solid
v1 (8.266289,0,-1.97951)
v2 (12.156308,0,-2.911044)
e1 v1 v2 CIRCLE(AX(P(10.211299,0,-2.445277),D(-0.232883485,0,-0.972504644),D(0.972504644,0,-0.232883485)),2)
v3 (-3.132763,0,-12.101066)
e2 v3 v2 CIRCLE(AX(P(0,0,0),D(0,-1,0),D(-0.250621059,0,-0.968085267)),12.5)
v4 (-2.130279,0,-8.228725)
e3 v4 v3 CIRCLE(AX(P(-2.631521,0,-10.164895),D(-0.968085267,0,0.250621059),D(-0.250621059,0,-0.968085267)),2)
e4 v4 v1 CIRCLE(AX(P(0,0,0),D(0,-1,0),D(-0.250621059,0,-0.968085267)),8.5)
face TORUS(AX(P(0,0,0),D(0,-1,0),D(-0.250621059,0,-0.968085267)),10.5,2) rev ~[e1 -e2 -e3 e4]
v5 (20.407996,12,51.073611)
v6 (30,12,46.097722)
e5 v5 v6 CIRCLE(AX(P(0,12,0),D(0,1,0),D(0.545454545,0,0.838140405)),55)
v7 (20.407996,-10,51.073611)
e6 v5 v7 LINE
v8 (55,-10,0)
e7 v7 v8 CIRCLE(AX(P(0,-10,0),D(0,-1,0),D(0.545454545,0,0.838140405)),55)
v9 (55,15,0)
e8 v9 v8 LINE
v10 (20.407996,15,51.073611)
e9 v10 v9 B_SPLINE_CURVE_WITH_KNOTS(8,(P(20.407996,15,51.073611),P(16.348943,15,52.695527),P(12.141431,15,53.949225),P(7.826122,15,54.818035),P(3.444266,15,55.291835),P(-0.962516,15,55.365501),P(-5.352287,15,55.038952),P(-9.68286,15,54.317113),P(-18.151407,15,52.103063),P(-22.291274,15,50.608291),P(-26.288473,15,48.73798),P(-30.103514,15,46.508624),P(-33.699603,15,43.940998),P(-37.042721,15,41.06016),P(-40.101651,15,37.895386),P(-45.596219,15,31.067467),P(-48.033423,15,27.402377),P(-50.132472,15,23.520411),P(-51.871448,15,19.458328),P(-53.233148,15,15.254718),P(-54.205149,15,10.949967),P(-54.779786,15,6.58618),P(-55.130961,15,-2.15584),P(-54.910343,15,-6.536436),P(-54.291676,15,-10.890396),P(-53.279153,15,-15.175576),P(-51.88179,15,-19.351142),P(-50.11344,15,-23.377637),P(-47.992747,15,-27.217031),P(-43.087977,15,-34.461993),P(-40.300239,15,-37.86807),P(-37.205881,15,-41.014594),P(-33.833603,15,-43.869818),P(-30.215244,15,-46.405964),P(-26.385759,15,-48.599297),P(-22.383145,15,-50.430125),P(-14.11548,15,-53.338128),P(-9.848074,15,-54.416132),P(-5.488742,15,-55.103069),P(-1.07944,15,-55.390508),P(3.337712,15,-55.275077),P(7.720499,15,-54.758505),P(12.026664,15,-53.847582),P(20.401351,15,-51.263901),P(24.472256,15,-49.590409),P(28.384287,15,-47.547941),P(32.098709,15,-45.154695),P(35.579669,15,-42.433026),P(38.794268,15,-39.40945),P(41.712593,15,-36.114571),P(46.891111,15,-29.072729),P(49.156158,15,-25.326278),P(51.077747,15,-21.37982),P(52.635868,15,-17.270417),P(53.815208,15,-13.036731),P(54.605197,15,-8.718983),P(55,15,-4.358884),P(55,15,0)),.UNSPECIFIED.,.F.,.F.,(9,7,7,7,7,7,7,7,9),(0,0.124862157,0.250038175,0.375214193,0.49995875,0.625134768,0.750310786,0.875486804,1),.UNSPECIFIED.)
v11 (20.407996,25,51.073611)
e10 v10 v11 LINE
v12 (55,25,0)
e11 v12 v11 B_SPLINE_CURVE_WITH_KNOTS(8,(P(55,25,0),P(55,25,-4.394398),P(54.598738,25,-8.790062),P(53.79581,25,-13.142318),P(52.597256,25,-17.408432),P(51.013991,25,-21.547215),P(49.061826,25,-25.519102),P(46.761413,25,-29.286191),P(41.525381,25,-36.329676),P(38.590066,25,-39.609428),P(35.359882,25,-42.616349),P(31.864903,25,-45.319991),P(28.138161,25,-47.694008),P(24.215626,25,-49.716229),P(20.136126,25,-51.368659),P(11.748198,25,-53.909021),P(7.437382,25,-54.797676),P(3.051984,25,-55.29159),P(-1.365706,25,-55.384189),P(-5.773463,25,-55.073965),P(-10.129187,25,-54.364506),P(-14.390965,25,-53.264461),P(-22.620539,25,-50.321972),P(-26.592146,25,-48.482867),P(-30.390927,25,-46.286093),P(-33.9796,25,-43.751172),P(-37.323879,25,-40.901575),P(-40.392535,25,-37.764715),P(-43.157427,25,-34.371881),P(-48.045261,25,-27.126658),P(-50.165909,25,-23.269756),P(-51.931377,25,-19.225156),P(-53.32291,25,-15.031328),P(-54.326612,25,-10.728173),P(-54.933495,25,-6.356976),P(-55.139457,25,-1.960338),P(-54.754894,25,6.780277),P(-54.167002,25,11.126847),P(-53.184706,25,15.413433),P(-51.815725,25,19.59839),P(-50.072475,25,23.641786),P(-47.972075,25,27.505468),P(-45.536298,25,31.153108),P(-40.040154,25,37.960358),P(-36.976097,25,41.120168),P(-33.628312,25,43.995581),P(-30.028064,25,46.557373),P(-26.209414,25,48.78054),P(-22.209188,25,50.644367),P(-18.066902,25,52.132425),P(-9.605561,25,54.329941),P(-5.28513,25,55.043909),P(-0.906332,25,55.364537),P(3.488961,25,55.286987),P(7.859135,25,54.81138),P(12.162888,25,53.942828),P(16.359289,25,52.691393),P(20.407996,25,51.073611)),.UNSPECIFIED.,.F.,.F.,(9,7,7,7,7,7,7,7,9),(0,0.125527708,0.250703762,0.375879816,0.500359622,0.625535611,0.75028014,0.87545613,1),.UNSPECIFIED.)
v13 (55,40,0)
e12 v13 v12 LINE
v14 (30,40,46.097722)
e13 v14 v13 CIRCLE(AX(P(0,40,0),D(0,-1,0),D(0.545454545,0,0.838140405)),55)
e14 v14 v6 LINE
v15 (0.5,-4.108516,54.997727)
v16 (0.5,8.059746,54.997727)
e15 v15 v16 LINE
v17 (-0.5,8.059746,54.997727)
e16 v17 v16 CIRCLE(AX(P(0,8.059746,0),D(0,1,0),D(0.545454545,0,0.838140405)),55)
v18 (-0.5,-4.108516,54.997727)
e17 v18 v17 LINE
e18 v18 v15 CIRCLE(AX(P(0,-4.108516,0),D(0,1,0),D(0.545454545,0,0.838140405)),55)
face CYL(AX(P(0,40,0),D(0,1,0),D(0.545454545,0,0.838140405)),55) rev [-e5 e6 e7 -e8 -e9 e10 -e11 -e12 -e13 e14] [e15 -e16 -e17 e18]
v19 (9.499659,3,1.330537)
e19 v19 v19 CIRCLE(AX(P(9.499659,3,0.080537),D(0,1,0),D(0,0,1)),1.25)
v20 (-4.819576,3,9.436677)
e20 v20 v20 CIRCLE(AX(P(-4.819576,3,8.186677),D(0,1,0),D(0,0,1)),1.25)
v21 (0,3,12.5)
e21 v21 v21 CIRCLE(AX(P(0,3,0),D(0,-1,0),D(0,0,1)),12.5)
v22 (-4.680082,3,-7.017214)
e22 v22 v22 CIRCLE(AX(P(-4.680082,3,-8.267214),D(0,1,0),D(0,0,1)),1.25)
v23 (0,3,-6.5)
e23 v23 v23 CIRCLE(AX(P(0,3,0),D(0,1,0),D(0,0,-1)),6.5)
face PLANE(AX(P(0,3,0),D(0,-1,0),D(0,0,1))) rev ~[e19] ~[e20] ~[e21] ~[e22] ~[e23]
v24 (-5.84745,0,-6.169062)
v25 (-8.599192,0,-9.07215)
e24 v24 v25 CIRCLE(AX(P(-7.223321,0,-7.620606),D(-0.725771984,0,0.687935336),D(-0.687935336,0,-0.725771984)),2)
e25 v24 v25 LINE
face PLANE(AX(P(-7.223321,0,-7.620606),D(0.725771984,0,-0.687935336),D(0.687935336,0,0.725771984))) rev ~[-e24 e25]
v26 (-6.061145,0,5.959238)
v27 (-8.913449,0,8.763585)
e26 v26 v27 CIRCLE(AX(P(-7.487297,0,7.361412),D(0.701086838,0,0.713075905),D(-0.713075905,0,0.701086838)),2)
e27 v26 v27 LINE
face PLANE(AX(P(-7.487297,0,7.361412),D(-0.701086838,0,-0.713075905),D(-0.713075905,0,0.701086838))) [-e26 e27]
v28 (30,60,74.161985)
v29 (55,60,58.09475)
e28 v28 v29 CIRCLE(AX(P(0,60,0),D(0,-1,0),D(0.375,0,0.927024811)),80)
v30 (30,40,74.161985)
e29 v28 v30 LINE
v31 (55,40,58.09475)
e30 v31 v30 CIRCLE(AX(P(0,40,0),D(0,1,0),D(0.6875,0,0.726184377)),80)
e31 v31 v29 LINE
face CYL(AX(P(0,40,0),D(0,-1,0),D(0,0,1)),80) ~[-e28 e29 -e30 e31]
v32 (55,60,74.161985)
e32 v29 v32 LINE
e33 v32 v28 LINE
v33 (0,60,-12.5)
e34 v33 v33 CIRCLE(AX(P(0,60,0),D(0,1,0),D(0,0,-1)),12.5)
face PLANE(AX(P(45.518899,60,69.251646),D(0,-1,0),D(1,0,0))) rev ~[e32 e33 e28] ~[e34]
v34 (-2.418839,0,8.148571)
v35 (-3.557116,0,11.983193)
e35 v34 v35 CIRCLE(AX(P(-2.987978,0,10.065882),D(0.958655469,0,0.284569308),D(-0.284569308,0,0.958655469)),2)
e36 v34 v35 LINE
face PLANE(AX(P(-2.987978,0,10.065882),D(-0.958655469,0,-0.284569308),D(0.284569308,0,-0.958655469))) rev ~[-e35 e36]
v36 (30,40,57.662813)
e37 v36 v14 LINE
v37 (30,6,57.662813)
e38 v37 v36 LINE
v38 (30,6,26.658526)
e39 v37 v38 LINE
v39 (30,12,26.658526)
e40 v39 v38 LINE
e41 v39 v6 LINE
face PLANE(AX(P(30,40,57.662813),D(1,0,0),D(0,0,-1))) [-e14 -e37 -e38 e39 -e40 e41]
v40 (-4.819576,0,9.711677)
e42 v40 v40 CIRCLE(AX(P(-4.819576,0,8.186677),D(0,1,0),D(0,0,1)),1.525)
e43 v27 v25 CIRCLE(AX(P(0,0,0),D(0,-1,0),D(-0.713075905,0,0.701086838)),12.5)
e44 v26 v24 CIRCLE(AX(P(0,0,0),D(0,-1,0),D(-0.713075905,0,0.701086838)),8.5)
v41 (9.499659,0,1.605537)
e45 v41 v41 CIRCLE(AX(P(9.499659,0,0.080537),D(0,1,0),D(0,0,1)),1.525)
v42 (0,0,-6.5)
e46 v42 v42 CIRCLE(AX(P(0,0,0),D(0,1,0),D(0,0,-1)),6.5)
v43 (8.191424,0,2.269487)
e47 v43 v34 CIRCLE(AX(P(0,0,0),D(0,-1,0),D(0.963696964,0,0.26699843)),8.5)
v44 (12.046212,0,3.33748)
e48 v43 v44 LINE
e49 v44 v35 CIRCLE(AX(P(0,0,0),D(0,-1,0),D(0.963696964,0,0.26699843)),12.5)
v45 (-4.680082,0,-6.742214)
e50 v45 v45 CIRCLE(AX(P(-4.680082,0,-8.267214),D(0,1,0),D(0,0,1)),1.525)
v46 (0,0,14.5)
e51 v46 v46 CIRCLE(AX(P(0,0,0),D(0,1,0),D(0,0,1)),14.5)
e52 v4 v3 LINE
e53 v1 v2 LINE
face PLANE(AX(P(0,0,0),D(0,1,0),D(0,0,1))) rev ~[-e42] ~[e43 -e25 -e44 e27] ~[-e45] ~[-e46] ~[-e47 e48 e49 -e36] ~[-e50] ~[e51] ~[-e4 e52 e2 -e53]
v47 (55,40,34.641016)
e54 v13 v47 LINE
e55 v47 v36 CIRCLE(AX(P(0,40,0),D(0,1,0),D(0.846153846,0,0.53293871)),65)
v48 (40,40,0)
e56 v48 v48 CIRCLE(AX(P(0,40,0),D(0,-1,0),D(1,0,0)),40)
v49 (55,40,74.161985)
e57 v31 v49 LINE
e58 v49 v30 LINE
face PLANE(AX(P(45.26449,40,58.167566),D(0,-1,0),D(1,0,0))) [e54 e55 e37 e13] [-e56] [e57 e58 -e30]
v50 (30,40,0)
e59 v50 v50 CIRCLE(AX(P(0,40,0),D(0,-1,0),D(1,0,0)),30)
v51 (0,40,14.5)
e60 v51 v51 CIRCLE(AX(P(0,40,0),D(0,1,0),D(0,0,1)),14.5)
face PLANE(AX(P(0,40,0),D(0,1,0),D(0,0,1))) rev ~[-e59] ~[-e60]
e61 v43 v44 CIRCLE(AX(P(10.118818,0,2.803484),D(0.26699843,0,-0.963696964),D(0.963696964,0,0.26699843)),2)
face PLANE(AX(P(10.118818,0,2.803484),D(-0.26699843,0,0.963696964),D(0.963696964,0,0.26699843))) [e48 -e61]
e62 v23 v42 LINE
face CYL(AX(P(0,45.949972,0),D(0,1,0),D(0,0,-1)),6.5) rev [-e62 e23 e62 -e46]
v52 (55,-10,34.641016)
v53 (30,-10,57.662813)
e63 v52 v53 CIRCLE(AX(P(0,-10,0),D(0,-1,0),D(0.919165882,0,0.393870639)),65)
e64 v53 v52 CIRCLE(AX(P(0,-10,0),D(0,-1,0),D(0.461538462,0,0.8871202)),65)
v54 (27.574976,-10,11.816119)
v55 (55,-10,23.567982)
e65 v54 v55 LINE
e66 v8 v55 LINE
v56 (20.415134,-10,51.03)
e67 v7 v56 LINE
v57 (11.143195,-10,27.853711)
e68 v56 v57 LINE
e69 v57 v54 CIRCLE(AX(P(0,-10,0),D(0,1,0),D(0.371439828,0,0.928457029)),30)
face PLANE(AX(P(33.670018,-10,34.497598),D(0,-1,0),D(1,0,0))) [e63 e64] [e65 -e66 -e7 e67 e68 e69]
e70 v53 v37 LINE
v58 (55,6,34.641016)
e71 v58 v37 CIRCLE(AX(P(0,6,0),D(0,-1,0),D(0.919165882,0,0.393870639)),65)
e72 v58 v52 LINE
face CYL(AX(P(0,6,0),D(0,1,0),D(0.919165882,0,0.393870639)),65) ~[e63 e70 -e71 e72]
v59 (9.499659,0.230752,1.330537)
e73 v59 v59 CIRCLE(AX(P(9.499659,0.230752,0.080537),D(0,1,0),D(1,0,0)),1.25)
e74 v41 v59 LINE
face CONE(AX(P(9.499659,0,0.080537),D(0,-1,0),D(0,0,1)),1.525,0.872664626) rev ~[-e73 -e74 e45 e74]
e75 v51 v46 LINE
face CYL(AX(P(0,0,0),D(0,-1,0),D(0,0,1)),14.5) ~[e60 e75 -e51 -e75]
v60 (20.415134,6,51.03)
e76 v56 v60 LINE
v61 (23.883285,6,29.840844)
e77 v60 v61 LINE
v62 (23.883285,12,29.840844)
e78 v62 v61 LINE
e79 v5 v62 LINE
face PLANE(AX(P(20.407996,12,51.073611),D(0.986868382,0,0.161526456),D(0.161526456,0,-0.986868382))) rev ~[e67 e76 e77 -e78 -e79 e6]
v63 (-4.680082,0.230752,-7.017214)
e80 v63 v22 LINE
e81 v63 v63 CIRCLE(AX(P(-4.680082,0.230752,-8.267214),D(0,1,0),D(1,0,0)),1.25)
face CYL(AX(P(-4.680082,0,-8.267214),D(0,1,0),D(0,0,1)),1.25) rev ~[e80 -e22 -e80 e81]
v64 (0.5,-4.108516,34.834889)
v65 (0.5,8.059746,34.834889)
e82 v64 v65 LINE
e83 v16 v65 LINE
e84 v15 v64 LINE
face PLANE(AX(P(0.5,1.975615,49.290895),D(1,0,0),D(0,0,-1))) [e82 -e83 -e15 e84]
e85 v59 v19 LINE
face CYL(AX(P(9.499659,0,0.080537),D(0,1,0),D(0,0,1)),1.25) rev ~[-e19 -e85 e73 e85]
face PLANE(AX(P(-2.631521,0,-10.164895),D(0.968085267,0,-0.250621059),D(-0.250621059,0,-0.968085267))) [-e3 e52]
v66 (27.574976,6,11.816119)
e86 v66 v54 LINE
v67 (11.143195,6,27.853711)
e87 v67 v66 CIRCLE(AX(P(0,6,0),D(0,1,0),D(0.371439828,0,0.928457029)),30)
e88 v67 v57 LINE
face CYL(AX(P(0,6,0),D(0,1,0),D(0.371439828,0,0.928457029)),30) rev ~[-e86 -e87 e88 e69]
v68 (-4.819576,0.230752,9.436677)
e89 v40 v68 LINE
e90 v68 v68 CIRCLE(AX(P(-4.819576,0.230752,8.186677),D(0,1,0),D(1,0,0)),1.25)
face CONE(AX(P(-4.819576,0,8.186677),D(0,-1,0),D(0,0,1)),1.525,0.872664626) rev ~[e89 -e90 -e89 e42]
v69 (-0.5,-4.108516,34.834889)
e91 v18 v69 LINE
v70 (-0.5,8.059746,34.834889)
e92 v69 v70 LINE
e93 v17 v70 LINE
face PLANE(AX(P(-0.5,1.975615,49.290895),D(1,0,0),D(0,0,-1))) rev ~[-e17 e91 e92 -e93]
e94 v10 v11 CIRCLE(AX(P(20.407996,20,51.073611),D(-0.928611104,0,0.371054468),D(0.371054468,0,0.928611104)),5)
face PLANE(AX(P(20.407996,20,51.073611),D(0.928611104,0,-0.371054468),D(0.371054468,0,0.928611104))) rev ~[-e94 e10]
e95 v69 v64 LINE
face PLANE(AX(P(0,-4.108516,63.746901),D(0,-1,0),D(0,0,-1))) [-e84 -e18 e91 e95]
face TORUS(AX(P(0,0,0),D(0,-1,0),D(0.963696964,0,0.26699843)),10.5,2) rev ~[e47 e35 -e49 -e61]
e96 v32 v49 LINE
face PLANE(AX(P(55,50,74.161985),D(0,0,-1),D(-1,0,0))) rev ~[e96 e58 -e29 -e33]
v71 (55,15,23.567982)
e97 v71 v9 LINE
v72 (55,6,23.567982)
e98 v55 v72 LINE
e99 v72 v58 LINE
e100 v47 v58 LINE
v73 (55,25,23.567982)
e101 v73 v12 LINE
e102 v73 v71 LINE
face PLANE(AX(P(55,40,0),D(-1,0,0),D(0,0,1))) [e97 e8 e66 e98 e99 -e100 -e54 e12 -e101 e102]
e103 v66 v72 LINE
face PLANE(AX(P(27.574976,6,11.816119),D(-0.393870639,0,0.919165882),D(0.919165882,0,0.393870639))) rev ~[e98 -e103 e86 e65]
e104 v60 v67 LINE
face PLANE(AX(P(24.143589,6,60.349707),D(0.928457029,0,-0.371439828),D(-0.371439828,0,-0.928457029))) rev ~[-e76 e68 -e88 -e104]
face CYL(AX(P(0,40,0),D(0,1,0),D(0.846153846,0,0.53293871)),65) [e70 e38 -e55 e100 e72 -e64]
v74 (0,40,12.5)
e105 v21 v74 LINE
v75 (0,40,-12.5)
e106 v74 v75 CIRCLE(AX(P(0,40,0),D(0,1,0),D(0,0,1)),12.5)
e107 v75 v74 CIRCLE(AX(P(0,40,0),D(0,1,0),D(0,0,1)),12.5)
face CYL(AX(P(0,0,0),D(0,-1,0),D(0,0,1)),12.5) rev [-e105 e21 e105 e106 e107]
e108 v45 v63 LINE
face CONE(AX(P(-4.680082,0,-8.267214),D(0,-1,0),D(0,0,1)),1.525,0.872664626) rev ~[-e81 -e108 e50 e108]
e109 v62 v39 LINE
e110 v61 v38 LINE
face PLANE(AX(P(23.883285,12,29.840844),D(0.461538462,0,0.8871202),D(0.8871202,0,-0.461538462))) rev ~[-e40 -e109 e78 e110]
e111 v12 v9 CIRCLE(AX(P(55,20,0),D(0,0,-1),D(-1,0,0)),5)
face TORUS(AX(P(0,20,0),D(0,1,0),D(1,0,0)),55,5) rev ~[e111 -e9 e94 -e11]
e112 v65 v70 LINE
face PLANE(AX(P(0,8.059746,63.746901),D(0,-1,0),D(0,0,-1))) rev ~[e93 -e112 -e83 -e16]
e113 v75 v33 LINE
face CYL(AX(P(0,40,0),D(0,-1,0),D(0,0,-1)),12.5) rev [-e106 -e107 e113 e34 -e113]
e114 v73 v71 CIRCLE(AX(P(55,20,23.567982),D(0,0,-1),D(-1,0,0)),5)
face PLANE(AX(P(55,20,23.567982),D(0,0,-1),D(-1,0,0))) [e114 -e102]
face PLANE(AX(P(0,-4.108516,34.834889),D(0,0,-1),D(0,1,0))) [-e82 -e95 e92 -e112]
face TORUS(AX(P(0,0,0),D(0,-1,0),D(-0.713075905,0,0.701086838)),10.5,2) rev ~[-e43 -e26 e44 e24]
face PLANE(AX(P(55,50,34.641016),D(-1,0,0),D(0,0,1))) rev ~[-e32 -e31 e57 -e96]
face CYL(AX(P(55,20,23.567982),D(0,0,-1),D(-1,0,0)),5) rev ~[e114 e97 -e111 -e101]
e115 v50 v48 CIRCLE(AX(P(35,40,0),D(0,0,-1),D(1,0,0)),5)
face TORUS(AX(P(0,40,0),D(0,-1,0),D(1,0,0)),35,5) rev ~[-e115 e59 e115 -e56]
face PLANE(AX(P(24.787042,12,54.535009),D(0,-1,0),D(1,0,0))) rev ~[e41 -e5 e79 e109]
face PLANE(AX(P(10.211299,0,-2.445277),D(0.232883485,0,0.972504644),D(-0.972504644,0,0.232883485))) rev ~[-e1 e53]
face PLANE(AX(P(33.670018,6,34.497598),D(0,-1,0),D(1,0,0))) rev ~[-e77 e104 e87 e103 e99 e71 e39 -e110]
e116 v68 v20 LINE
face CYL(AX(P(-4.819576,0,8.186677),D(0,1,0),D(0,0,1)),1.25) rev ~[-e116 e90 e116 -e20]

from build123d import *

# Parameters (mm, degrees)
SKETCH_1_R                   = 14.5
SKETCH_1_R_2                 = 12.5
EXTRUDE_1_DEPTH              = 40
SKETCH_2_R                   = 14.5
EXTRUDE_2_DEPTH              = 3
HOLE_WIZARD_M3_1_D           = 2.5
HOLE_WIZARD_M3_1_CSINK_D     = 3.05
HOLE_WIZARD_M3_1_CSINK_ANGLE = 100
CUT_EXTRUDE_1_DEPTH          = 45.949972191
CUT_EXTRUDE_1_DEPTH_BACK     = 45.949972191
SKETCH_5_R                   = 6.5
SWEEP_1_PROFILE_R            = 2
PATTERN_CIRCULAR_2_COUNT     = 3
SKETCH_63_R                  = 80
SKETCH_63_R_2                = 12.5
EXTRUDE_3_DEPTH              = 20
SWEEP_2_PROFILE_R            = 5
EXTRUDE_7_DEPTH              = 50
EXTRUDE_START                = -22
EXTRUDE_9_DEPTH              = 22
EXTRUDE_START_2              = -16
EXTRUDE_10_DEPTH             = 16
SKETCH_77_W                  = 28.912011908
SKETCH_77_H                  = 12.168261956
EXTRUDE_11_DEPTH             = 0.5
SWEEP_4_PROFILE_R            = 5
CUT_EXTRUDE_START            = -10
CUT_EXTRUDE_2_DEPTH          = 10
EXTRUDE_START_3              = -10
EXTRUDE_12_DEPTH             = 10
EXTRUDE_13_DEPTH             = 10


with BuildPart() as part:
    # 草图1 → 凸台-拉伸1 (new body)
    with BuildSketch(Plane(origin=(0, 0, 0), x_dir=(1, 0, 0), z_dir=(0, 1, 0))):
        with Locations(Location((0, 0, 0), (0, 0, 270))):
            Circle(SKETCH_1_R)
        with Locations(Location((0, 0, 0), (0, 0, 270))):
            Circle(SKETCH_1_R_2, mode=Mode.SUBTRACT)
    extrude(amount=EXTRUDE_1_DEPTH)

    # 草图2 → 凸台-拉伸2 (add)
    with BuildSketch(Plane.XZ):
        with Locations(Location((0, 0, 0), (0, 0, 90))):
            Circle(SKETCH_2_R)
    extrude(amount=-EXTRUDE_2_DEPTH)

    # M3 螺纹孔1 (through all)
    with Locations(Plane(origin=(-4.819576166, 0, 8.186677323), x_dir=(0, 0, -1), z_dir=(0, -1, 0))):
        with Locations((0, 0), (16.453891379, 0.139493715), (8.106140589, 14.319234783), (-41.683703384, 8.664072468)):
            CounterSinkHole(HOLE_WIZARD_M3_1_D / 2, HOLE_WIZARD_M3_1_CSINK_D / 2, counter_sink_angle=HOLE_WIZARD_M3_1_CSINK_ANGLE)

    # 草图5 → 切除-拉伸1 (cut, two sides: drawn at the far end of the back side and taken through both)
    with BuildSketch(Plane.XZ.offset(-CUT_EXTRUDE_1_DEPTH_BACK)):
        with Locations(Location((0, 0, 0), (0, 0, 270))):
            Circle(SKETCH_5_R)
    extrude(amount=CUT_EXTRUDE_1_DEPTH + CUT_EXTRUDE_1_DEPTH_BACK, mode=Mode.SUBTRACT)

    # 切除-扫描1: sweep along a path in 草图6
    with BuildLine(Plane.XZ) as sweep_1_path:
        ThreePointArc((-7.487297002, 7.361411794), (-10.49837053, -0.184976259), (-7.223321029, -7.620605836))
    # 切除-扫描1 profile (on start of the path) → 切除-扫描1 (sweep, cut)
    with BuildSketch(Plane(origin=(-7.487297002, 0, 7.361411794), x_dir=(-0.7130759049871914, 0, 0.7010868375078069), z_dir=(-0.7010868375078069, 0, -0.7130759049871914))):
        Circle(SWEEP_1_PROFILE_R)
    sweep_1 = sweep(path=sweep_1_path.line, mode=Mode.SUBTRACT)

    # 阵列(圆周)2: 切除-扫描1 ×3 about axis
    pattern_circular_2_axis = Axis((0, 0, 0), (0, 1, 0))
    for i in range(1, PATTERN_CIRCULAR_2_COUNT):
        add(sweep_1.rotate(pattern_circular_2_axis, i * 360 / PATTERN_CIRCULAR_2_COUNT), mode=Mode.SUBTRACT)

    # 草图63 → 凸台-拉伸3 (add)
    with BuildSketch(Plane(origin=(0, 40, 0), x_dir=(1, 0, 0), z_dir=(0, 1, 0))):
        with Locations(Location((0, 0, 0), (0, 0, 270))):
            Circle(SKETCH_63_R)
        with Locations(Location((0, 0, 0), (0, 0, 90))):
            Circle(SKETCH_63_R_2, mode=Mode.SUBTRACT)
    extrude(amount=EXTRUDE_3_DEPTH)

    # 切除-扫描2: sweep along a path in 草图64
    with BuildLine(Plane.XZ.offset(-40)) as sweep_2_path:
        CenterArc((0, 0), 35, 0, 360)
    # 切除-扫描2 profile (on start of the path) → 切除-扫描2 (sweep, cut)
    with BuildSketch(Plane(origin=(35, 40, 0), x_dir=(1, 0, 0), z_dir=(0, 0, 1))):
        Circle(SWEEP_2_PROFILE_R)
    sweep(path=sweep_2_path.line, mode=Mode.SUBTRACT)

    # 草图69 → 凸台-拉伸7 (add)
    with BuildSketch(Plane.XZ.offset(-40)):
        with BuildLine():
            Line((55, 0), (55, 34.641016151))
            ThreePointArc((55, 34.641016151), (-44.031247793, -47.814738499), (30, 57.662812973))
            Line((30, 57.662812973), (30, 46.097722286))
            ThreePointArc((30, 46.097722286), (-48.347699015, -26.220221204), (55, 0))
        make_face()
    extrude(amount=EXTRUDE_7_DEPTH)

    # 草图73 → 凸台-拉伸9 (add)
    with BuildSketch(Plane.XZ.offset(10).offset(EXTRUDE_START)):
        with BuildLine():
            Line((30, 46.097722286), (30, 57.662812973))
            ThreePointArc((30, 57.662812973), (24.396015634, 60.2481072), (18.572101117, 62.290264569))
            Line((18.572101117, 62.290264569), (20.407995727, 51.073610705))
            ThreePointArc((20.407995727, 51.073610705), (25.326495507, 48.821804814), (30, 46.097722286))
        make_face()
        with BuildLine():
            Line((30, 26.658525569), (30, 46.097722286))
            ThreePointArc((30, 46.097722286), (25.326495507, 48.821804814), (20.407995727, 51.073610705))
            Line((20.407995727, 51.073610705), (23.883285441, 29.840844074))
            Line((23.883285441, 29.840844074), (30, 26.658525569))
        make_face()
    extrude(amount=EXTRUDE_9_DEPTH)

    # 草图74 → 凸台-拉伸10 (add)
    with BuildSketch(Plane.XZ.offset(10).offset(EXTRUDE_START_2)):
        with BuildLine():
            Line((27.574976473, 11.816119182), (59.745782357, 25.601591562))
            ThreePointArc((59.745782357, 25.601591562), (45.400600541, 46.516507506), (24.14358885, 60.349706855))
            Line((24.14358885, 60.349706855), (11.143194854, 27.853710856))
            ThreePointArc((11.143194854, 27.853710856), (20.954123327, 21.46915731), (27.574976473, 11.816119182))
        make_face()
    extrude(amount=EXTRUDE_10_DEPTH)

    # 草图77 → 凸台-拉伸11 (add, symmetric)
    with BuildSketch(Plane(origin=(0, 0, 0), x_dir=(0, 0, -1), z_dir=(1, 0, 0))):
        with Locations((-49.290894705, 1.975614904)):
            Rectangle(SKETCH_77_W, SKETCH_77_H)
    extrude(amount=EXTRUDE_11_DEPTH, both=True)

    # 切除-扫描4: sweep along a path in 草图83
    with BuildLine(Plane(origin=(0, 20, 0), x_dir=(-1, 0, 0), z_dir=(0, -1, 0))) as sweep_4_path:
        Line((-55, -23.567982213), (-55, 0))
        ThreePointArc((-55, 0), (45.538114613, 30.842829272), (-20.407995727, -51.073610705))
    # 切除-扫描4 profile (on start of the path) → 切除-扫描4 (sweep, cut)
    with BuildSketch(Plane(origin=(55, 20, 23.567982213), x_dir=(-1, 0, 0), z_dir=(0, 0, -1))):
        Circle(SWEEP_4_PROFILE_R)
    sweep(path=sweep_4_path.line, mode=Mode.SUBTRACT)

    # 草图90 → 切除-拉伸2 (cut)
    with BuildSketch(Plane.XZ.offset(-40).offset(CUT_EXTRUDE_START)):
        with BuildLine():
            ThreePointArc((44.031247793, 47.814738499), (49.951814281, 41.591059736), (55, 34.641016151))
            Line((55, 34.641016151), (55, 58.094750193))
            ThreePointArc((55, 58.094750193), (43.252618505, 67.299413017), (30, 74.161984871))
            Line((30, 74.161984871), (30, 57.662812973))
            ThreePointArc((30, 57.662812973), (37.34169995, 53.203359338), (44.031247793, 47.814738499))
        make_face()
    extrude(amount=CUT_EXTRUDE_2_DEPTH, mode=Mode.SUBTRACT)

    # 草图91 → 凸台-拉伸12 (add)
    with BuildSketch(Plane.XZ.offset(-40).offset(EXTRUDE_START_3)):
        with BuildLine():
            Line((55, 58.094750193), (55, 74.161984871))
            Line((55, 74.161984871), (30, 74.161984871))
            ThreePointArc((30, 74.161984871), (43.252618505, 67.299413017), (55, 58.094750193))
        make_face()
    extrude(amount=-EXTRUDE_12_DEPTH)

    # 草图96 → 凸台-拉伸13 (add)
    with BuildSketch(Plane.XZ.offset(-50)):
        with BuildLine():
            Line((55, 34.641016151), (55, 58.094750193))
            Line((55, 58.094750193), (55, 74.161984871))
            Line((55, 74.161984871), (30, 74.161984871))
            Line((30, 74.161984871), (30, 57.662812973))
            ThreePointArc((30, 57.662812973), (44.031247793, 47.814738499), (55, 34.641016151))
        make_face()
    extrude(amount=EXTRUDE_13_DEPTH)


solid = part.part
